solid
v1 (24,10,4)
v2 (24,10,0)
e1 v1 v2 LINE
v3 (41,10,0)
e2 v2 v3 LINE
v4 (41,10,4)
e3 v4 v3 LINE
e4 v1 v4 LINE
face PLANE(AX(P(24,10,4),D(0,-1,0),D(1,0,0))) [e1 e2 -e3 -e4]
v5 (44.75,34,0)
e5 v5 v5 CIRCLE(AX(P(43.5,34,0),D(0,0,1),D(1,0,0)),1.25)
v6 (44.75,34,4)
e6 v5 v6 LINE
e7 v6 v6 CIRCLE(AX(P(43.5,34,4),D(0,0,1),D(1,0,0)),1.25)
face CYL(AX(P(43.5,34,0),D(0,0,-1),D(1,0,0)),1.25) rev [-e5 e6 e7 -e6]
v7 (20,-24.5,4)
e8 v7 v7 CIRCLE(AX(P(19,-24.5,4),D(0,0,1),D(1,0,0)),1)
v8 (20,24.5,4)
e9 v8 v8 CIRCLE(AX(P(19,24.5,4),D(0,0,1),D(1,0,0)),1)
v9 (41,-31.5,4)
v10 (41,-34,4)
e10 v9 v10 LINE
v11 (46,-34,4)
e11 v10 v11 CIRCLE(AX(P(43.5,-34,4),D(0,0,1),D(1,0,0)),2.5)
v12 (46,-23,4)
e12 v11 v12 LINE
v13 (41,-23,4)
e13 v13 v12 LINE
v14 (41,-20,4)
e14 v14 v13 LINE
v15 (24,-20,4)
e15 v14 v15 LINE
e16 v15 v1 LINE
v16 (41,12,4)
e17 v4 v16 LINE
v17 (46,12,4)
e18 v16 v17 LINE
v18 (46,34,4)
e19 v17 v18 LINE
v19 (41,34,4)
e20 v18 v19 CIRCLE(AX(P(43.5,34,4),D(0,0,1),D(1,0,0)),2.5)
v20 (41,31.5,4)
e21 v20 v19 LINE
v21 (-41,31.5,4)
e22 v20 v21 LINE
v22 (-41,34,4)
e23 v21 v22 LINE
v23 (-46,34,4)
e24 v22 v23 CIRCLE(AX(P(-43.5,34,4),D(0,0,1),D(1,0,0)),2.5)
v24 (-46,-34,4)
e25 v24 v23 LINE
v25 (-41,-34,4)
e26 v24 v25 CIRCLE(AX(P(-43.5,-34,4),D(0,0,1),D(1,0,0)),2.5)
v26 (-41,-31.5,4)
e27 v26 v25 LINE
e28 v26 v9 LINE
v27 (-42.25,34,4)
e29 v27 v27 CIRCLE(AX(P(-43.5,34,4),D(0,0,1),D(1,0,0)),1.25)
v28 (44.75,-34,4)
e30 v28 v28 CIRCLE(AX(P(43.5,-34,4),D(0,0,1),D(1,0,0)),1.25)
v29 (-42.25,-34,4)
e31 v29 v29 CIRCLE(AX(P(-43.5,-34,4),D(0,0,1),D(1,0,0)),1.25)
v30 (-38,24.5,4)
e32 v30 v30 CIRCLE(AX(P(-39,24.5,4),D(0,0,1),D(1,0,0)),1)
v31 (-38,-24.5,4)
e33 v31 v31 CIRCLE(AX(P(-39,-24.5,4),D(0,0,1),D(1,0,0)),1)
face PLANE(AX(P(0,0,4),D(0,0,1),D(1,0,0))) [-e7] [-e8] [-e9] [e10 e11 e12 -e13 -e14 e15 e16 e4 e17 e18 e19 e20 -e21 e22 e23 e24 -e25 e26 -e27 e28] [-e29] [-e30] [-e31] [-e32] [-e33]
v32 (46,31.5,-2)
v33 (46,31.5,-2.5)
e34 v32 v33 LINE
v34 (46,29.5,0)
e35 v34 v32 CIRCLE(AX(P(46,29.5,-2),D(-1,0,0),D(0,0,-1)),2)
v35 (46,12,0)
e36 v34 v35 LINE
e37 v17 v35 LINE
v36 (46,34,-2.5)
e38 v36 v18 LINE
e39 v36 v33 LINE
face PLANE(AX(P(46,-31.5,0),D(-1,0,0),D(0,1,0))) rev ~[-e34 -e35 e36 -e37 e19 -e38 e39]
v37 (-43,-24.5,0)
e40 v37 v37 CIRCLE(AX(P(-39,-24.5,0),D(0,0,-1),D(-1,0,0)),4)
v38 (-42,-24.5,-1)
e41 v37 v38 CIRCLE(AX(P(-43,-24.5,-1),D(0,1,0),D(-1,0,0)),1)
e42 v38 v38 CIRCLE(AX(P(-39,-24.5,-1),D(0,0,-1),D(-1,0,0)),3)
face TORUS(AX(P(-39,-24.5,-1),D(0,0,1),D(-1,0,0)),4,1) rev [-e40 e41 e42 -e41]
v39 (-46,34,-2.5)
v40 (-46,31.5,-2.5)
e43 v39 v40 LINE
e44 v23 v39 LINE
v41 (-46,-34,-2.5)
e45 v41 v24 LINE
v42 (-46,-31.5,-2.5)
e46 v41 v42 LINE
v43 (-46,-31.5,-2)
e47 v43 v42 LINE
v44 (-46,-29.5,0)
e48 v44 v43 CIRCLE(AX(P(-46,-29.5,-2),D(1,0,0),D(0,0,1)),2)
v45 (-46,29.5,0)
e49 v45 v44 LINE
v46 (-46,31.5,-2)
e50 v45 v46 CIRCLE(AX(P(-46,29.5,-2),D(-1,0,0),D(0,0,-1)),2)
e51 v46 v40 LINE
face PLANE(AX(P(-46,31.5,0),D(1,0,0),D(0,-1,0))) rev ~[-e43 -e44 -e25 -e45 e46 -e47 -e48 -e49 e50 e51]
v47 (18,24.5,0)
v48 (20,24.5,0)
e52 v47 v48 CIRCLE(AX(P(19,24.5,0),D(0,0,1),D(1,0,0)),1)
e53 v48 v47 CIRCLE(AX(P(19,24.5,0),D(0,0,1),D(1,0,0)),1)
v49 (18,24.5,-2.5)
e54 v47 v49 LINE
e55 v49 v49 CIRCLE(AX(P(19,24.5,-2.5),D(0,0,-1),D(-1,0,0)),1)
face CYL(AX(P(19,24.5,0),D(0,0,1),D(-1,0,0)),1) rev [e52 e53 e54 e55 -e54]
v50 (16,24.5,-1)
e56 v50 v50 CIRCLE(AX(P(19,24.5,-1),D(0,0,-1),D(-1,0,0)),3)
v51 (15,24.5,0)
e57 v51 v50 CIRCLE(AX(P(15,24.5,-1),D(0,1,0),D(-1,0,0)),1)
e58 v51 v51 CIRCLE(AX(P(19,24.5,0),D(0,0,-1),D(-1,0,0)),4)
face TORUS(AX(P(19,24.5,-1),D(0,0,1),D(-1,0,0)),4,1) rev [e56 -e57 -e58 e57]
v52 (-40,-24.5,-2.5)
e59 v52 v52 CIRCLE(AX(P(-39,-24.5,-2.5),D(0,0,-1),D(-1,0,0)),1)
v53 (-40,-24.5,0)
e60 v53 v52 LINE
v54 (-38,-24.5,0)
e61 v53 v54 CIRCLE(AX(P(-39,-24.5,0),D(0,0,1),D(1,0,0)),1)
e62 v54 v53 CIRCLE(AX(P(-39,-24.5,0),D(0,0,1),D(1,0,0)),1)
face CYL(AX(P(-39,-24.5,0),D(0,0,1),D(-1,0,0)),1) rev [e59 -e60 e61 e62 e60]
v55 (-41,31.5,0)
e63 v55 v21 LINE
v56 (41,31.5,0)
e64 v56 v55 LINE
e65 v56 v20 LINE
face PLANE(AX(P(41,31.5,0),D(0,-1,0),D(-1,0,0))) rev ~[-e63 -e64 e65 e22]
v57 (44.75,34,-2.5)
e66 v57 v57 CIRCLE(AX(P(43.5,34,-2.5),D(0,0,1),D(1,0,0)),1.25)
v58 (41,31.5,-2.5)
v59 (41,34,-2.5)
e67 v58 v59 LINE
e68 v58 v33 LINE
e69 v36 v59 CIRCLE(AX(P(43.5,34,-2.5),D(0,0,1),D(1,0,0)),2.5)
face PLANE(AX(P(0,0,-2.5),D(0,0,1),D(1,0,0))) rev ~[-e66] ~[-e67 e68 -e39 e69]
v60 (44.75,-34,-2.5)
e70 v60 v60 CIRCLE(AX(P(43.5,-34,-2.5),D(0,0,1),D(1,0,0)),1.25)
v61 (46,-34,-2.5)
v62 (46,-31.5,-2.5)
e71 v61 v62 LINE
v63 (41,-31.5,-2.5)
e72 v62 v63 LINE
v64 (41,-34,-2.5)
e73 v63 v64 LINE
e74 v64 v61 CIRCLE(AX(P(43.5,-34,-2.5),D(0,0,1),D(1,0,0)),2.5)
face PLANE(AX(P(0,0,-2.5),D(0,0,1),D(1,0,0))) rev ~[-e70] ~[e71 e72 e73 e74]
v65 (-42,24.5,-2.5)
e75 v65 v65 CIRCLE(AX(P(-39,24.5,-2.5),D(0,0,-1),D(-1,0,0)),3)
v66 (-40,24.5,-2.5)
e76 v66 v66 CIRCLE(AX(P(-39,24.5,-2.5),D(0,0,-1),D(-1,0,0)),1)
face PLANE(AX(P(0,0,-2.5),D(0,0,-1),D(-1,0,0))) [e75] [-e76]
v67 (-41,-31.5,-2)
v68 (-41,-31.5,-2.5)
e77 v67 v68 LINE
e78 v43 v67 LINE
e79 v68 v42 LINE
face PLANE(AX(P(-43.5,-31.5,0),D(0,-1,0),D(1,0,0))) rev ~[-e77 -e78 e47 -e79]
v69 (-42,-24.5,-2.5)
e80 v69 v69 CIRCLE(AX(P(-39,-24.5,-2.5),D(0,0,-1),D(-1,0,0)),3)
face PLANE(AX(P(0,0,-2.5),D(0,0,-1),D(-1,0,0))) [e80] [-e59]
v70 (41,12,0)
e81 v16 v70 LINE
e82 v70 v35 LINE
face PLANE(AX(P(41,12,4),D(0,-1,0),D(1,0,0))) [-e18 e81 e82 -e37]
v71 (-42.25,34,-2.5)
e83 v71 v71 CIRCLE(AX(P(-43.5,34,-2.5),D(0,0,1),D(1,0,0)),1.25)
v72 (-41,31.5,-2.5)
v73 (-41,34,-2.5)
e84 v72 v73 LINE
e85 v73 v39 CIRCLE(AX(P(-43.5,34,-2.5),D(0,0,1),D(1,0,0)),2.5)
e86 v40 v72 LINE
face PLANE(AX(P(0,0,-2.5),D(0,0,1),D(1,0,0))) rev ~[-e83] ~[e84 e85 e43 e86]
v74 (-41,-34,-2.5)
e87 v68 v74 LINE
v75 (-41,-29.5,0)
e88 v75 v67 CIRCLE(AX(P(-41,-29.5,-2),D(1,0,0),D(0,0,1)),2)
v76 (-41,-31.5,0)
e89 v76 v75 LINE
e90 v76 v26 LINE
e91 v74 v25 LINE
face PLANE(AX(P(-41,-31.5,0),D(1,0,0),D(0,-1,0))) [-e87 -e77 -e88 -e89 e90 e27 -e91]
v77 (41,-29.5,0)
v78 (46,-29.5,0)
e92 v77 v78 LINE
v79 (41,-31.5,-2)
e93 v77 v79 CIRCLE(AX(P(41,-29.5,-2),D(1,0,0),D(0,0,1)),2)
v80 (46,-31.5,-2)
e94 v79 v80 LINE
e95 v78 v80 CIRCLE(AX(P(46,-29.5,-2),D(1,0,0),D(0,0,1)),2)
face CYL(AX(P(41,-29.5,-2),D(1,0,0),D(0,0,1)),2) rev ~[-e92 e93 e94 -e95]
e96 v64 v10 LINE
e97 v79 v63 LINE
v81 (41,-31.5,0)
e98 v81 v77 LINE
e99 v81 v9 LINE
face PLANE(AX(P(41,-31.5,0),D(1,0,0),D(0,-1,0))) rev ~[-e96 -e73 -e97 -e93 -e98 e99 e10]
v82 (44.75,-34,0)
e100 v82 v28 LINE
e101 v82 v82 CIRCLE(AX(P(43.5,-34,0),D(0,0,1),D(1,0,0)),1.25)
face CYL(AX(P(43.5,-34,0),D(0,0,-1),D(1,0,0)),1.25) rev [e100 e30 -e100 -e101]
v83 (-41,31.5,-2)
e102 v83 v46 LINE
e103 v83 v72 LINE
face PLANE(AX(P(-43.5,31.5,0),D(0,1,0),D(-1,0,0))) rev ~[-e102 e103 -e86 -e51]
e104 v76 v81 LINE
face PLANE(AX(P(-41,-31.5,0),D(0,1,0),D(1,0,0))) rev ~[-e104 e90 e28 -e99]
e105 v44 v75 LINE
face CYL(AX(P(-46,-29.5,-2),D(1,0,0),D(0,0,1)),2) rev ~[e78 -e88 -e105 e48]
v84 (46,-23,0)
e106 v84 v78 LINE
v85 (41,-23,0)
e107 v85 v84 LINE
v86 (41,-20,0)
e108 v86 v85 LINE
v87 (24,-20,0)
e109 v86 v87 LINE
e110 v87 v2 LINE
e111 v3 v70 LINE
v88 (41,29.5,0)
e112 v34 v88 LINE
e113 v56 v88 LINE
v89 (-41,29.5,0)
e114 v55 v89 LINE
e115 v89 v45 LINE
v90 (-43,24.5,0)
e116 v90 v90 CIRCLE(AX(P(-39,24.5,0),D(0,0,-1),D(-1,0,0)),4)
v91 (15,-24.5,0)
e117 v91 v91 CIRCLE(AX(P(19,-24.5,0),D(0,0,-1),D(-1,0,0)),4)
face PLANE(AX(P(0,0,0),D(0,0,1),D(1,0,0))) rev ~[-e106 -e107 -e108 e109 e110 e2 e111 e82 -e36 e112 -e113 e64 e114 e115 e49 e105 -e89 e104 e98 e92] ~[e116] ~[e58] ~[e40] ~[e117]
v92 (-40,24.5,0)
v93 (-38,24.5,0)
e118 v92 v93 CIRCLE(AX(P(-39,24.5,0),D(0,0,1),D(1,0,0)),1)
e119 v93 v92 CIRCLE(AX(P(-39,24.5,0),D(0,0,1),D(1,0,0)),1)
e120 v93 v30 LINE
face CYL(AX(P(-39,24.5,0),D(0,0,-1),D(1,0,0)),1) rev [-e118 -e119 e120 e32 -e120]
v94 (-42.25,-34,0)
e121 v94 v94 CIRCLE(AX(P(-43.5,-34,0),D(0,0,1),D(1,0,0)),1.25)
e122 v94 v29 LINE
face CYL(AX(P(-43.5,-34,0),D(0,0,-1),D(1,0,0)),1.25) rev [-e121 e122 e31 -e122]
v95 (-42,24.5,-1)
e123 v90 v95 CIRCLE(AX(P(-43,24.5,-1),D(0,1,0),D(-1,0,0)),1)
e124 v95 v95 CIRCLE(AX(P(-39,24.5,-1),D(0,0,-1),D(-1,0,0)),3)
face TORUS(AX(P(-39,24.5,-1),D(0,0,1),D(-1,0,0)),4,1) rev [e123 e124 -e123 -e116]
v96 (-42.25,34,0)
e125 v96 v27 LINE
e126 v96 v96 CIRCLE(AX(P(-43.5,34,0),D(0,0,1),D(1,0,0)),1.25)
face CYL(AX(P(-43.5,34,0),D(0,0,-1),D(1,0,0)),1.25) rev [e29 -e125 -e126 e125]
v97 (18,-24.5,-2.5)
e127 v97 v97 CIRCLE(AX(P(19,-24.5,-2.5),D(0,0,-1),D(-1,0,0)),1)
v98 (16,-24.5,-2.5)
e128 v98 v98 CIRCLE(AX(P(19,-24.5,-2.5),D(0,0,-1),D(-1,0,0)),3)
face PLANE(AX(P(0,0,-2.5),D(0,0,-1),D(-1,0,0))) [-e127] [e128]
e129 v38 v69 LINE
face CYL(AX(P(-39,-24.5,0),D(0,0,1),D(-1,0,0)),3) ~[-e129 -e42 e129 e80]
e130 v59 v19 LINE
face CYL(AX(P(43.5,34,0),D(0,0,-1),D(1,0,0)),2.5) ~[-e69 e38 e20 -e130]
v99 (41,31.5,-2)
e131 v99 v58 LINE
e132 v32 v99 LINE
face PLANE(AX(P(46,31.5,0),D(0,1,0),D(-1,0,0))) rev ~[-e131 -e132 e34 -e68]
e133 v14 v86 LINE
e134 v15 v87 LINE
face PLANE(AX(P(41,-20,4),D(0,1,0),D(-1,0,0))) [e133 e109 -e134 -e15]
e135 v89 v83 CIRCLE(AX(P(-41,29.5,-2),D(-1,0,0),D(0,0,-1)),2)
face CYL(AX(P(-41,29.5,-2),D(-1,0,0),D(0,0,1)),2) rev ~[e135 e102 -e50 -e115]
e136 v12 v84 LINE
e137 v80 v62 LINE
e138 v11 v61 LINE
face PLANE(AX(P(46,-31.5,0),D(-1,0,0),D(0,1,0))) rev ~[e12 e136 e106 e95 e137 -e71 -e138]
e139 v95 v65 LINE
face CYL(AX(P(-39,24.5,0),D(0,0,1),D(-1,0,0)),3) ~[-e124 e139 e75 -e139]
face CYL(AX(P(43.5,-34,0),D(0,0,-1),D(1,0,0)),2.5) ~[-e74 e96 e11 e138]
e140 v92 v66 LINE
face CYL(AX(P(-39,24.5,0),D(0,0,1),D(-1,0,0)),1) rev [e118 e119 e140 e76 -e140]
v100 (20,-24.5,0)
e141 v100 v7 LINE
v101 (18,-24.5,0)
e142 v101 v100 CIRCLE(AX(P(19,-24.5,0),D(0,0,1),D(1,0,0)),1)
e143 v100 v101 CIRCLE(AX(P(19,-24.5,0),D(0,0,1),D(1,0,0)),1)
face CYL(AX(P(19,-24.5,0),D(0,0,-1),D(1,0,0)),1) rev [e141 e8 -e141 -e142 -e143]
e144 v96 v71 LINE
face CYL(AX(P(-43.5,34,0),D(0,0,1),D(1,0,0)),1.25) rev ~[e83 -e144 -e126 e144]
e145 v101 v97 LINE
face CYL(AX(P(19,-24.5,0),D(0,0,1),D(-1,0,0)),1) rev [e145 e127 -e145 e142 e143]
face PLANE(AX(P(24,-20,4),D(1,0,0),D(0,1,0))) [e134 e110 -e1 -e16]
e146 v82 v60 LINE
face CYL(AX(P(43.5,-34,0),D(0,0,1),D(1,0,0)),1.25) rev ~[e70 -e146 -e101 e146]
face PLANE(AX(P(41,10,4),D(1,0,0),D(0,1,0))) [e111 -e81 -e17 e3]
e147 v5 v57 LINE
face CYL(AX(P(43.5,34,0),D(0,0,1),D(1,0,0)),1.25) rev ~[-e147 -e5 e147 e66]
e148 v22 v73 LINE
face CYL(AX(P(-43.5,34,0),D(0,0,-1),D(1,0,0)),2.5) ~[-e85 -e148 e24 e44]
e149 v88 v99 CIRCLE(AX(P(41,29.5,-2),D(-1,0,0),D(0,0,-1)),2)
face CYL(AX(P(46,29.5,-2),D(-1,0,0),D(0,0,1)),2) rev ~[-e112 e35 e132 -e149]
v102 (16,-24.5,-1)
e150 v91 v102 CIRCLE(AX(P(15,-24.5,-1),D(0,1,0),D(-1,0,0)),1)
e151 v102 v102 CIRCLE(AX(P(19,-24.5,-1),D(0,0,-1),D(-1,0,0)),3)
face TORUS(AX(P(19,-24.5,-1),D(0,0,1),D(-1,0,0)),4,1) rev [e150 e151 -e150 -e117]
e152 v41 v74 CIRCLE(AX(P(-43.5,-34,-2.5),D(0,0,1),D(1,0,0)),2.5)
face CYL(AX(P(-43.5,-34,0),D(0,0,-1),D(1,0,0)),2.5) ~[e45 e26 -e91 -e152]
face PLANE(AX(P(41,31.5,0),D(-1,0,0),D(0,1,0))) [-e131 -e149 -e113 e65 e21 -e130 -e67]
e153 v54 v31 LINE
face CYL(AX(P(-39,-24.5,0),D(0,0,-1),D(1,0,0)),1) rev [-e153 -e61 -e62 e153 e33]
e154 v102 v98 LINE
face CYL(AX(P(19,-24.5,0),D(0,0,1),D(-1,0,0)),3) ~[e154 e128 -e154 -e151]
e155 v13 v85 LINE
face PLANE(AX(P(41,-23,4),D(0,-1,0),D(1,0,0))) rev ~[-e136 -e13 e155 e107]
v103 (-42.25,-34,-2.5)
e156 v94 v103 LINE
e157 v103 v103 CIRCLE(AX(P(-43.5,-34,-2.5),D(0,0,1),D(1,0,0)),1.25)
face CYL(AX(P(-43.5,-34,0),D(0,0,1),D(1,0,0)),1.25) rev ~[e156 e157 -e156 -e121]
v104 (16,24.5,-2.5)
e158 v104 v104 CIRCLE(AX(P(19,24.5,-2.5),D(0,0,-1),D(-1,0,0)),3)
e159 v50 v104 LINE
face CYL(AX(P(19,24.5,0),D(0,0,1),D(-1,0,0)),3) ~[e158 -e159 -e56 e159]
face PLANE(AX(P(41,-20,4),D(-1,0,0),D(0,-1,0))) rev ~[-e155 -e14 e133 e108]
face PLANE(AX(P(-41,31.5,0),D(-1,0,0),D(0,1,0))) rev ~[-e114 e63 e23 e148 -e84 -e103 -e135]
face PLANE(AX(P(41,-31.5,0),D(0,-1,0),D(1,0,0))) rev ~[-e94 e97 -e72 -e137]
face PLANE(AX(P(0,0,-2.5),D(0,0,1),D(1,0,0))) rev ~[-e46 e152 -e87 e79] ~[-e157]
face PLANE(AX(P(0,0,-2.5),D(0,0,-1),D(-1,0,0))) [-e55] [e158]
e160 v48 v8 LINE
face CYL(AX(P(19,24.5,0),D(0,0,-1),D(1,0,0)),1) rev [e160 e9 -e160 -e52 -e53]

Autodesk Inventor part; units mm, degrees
ref_plane "YZ Plane" through (0, 0, 0) normal (1, 0, 0) x (0, 1, 0)
ref_plane "XZ Plane" through (0, 0, 0) normal (0, 1, 0) x (-1, 0, 0)
ref_plane "XY Plane" through (0, 0, 0) normal (0, 0, 1) x (1, 0, 0)
sketch "스케치1" plane through (0, 0, 0) normal (0, 0, 1) x (1, 0, 0)
  line L0 (-46, -31.5) -> (46, -31.5)
  line L1 (46, -31.5) -> (46, 31.5)
  line L2 (46, 31.5) -> (-46, 31.5)
  line L3 (-46, 31.5) -> (-46, -31.5)
  line L4 (-46, -31.5) -> (46, 31.5) construction
  line L5 (46, -31.5) -> (-46, 31.5) construction
  line L6 (-42.5, 28) -> (42.5, 28) construction
  line L7 (42.5, 28) -> (42.5, -28) construction
  line L8 (42.5, -28) -> (-42.5, -28) construction
  line L9 (-42.5, -28) -> (-42.5, 28) construction
  line L10 (-42.5, 28) -> (42.5, -28) construction
  line L11 (42.5, 28) -> (-42.5, -28) construction
  circle A0 centre (-39, -24.5) radius 1
  circle A1 centre (19, -24.5) radius 1
  line L12 (0, 0) -> (14.8173, 0)
  circle A2 centre (-39, 24.5) radius 1
  circle A3 centre (19, 24.5) radius 1
  line L13 (-46, 31.5) -> (-41, 31.5)
  line L14 (-41, 31.5) -> (-41, 34)
  line L15 (-41, 34) -> (-46, 34) construction
  line L16 (-46, 34) -> (-46, 31.5)
  circle A4 centre (-43.5, 34) radius 2.5
  circle A5 centre (-43.5, 34) radius 1.25
  line L17 (0, 0) -> (0, 10.4922)
  line L18 (46, 31.5) -> (41, 31.5)
  line L19 (41, 31.5) -> (41, 34)
  line L20 (41, 34) -> (46, 34) construction
  line L21 (46, 34) -> (46, 31.5)
  circle A6 centre (43.5, 34) radius 2.5
  circle A7 centre (43.5, 34) radius 1.25
  line L22 (46, -31.5) -> (-46, -31.5)
  line L23 (-46, -31.5) -> (-41, -31.5)
  line L24 (-41, -31.5) -> (-41, -34)
  line L25 (-41, -34) -> (-46, -34) construction
  line L26 (-46, -34) -> (-46, -31.5)
  circle A8 centre (-43.5, -34) radius 2.5
  circle A9 centre (-43.5, -34) radius 1.25
  line L27 (41, -31.5) -> (41, -34)
  circle A10 centre (43.5, -34) radius 1.25
  line L28 (41, -34) -> (46, -34) construction
  line L29 (46, -34) -> (46, -31.5)
  circle A11 centre (43.5, -34) radius 2.5
  line L30 (46, -31.5) -> (41, -31.5)
  dimension "d0" = 92
  dimension "d1" = 63
  dimension "d2" = 85
  dimension "d3" = 56
  dimension "d4" = 3.5
  dimension "d5" = 3.5
  dimension "d6" = 2
  dimension "d7" = 2
  dimension "d8" = 58
  dimension "d9" = 3.5
  dimension "d10" = 5
  dimension "d11" = 2.5
  dimension "d12" = 2.5
extrude "돌출1" add sketch "스케치1" along normal blind 4
sketch "스케치3" plane through (0, 0, 0) normal (0, 0, -1) x (-1, 0, 0)
  circle A0 centre (-19, 24.5) radius 1 projected
  circle A1 centre (-19, 24.5) radius 3
  circle A2 centre (39, 24.5) radius 1 projected
  circle A3 centre (39, 24.5) radius 3
  circle A4 centre (-19, -24.5) radius 1 projected
  circle A5 centre (-19, -24.5) radius 3
  circle A6 centre (39, -24.5) radius 1 projected
  circle A7 centre (39, -24.5) radius 3
  point P0 (0, 0)
  dimension "d24" = 6
  dimension "d25" = 6
  dimension "d26" = 6
  dimension "d27" = 6
extrude "돌출3" add sketch "스케치3" along normal blind 2.5
extrude "돌출4" add sketch "스케치1" against normal blind 2.5 contours L24 A8 L0 | L0 A11 L27 | A8 L26 L0 | A8 | L0 L29 A11 | A11 | L16 A4 L2 | L2 A6 L21 | A4 L14 L2 | A4 | L2 L19 A6 | A6
fillet "모깎기1" radius 2 4 edges at (43.5, 31.5, 0) (-43.5, 31.5, 0) (43.5, -31.5, 0) (-43.5, -31.5, 0)
fillet "모깎기2" radius 1 4 edges at (22, 24.5, 0) (22, -24.5, 0) (-36, 24.5, 0) (-36, -24.5, 0)
sketch "스케치4" plane through (0, 0, 4) normal (0, 0, 1) x (1, 0, 0)
  line L0 (-46, 34) -> (-46, -34) projected
  line L1 (46, -29.5) -> (46, 29.5) projected
  line L2 (46, -34) -> (46, 34) projected
  line L3 (46, -20) -> (24, -20)
  line L4 (24, -20) -> (24, 10)
  line L5 (24, 10) -> (46, 10)
  line L6 (46, 10) -> (46, -20)
  line L7 (46, -20) -> (41, -20)
  line L8 (41, -20) -> (41, -23)
  line L9 (41, -23) -> (46, -23)
  line L10 (46, -23) -> (46, -20)
  line L11 (46, 10) -> (41, 10)
  line L12 (41, 10) -> (41, 12)
  line L13 (41, 12) -> (46, 12)
  line L14 (46, 12) -> (46, 10)
  point P0 (46, 0)
  point P1 (46, -20)
  point P2 (46, 10)
  point P3 (46, 0)
  dimension "d40" = 30
  dimension "d42" = 10
  dimension "d43" = 3
  dimension "d44" = 5
  dimension "d45" = 22
  dimension "d46" = 5
  dimension "d47" = 2
extrude "돌출5" cut sketch "스케치4" against normal blind 10
properties part number "라즈베리파이 고정 커버"
